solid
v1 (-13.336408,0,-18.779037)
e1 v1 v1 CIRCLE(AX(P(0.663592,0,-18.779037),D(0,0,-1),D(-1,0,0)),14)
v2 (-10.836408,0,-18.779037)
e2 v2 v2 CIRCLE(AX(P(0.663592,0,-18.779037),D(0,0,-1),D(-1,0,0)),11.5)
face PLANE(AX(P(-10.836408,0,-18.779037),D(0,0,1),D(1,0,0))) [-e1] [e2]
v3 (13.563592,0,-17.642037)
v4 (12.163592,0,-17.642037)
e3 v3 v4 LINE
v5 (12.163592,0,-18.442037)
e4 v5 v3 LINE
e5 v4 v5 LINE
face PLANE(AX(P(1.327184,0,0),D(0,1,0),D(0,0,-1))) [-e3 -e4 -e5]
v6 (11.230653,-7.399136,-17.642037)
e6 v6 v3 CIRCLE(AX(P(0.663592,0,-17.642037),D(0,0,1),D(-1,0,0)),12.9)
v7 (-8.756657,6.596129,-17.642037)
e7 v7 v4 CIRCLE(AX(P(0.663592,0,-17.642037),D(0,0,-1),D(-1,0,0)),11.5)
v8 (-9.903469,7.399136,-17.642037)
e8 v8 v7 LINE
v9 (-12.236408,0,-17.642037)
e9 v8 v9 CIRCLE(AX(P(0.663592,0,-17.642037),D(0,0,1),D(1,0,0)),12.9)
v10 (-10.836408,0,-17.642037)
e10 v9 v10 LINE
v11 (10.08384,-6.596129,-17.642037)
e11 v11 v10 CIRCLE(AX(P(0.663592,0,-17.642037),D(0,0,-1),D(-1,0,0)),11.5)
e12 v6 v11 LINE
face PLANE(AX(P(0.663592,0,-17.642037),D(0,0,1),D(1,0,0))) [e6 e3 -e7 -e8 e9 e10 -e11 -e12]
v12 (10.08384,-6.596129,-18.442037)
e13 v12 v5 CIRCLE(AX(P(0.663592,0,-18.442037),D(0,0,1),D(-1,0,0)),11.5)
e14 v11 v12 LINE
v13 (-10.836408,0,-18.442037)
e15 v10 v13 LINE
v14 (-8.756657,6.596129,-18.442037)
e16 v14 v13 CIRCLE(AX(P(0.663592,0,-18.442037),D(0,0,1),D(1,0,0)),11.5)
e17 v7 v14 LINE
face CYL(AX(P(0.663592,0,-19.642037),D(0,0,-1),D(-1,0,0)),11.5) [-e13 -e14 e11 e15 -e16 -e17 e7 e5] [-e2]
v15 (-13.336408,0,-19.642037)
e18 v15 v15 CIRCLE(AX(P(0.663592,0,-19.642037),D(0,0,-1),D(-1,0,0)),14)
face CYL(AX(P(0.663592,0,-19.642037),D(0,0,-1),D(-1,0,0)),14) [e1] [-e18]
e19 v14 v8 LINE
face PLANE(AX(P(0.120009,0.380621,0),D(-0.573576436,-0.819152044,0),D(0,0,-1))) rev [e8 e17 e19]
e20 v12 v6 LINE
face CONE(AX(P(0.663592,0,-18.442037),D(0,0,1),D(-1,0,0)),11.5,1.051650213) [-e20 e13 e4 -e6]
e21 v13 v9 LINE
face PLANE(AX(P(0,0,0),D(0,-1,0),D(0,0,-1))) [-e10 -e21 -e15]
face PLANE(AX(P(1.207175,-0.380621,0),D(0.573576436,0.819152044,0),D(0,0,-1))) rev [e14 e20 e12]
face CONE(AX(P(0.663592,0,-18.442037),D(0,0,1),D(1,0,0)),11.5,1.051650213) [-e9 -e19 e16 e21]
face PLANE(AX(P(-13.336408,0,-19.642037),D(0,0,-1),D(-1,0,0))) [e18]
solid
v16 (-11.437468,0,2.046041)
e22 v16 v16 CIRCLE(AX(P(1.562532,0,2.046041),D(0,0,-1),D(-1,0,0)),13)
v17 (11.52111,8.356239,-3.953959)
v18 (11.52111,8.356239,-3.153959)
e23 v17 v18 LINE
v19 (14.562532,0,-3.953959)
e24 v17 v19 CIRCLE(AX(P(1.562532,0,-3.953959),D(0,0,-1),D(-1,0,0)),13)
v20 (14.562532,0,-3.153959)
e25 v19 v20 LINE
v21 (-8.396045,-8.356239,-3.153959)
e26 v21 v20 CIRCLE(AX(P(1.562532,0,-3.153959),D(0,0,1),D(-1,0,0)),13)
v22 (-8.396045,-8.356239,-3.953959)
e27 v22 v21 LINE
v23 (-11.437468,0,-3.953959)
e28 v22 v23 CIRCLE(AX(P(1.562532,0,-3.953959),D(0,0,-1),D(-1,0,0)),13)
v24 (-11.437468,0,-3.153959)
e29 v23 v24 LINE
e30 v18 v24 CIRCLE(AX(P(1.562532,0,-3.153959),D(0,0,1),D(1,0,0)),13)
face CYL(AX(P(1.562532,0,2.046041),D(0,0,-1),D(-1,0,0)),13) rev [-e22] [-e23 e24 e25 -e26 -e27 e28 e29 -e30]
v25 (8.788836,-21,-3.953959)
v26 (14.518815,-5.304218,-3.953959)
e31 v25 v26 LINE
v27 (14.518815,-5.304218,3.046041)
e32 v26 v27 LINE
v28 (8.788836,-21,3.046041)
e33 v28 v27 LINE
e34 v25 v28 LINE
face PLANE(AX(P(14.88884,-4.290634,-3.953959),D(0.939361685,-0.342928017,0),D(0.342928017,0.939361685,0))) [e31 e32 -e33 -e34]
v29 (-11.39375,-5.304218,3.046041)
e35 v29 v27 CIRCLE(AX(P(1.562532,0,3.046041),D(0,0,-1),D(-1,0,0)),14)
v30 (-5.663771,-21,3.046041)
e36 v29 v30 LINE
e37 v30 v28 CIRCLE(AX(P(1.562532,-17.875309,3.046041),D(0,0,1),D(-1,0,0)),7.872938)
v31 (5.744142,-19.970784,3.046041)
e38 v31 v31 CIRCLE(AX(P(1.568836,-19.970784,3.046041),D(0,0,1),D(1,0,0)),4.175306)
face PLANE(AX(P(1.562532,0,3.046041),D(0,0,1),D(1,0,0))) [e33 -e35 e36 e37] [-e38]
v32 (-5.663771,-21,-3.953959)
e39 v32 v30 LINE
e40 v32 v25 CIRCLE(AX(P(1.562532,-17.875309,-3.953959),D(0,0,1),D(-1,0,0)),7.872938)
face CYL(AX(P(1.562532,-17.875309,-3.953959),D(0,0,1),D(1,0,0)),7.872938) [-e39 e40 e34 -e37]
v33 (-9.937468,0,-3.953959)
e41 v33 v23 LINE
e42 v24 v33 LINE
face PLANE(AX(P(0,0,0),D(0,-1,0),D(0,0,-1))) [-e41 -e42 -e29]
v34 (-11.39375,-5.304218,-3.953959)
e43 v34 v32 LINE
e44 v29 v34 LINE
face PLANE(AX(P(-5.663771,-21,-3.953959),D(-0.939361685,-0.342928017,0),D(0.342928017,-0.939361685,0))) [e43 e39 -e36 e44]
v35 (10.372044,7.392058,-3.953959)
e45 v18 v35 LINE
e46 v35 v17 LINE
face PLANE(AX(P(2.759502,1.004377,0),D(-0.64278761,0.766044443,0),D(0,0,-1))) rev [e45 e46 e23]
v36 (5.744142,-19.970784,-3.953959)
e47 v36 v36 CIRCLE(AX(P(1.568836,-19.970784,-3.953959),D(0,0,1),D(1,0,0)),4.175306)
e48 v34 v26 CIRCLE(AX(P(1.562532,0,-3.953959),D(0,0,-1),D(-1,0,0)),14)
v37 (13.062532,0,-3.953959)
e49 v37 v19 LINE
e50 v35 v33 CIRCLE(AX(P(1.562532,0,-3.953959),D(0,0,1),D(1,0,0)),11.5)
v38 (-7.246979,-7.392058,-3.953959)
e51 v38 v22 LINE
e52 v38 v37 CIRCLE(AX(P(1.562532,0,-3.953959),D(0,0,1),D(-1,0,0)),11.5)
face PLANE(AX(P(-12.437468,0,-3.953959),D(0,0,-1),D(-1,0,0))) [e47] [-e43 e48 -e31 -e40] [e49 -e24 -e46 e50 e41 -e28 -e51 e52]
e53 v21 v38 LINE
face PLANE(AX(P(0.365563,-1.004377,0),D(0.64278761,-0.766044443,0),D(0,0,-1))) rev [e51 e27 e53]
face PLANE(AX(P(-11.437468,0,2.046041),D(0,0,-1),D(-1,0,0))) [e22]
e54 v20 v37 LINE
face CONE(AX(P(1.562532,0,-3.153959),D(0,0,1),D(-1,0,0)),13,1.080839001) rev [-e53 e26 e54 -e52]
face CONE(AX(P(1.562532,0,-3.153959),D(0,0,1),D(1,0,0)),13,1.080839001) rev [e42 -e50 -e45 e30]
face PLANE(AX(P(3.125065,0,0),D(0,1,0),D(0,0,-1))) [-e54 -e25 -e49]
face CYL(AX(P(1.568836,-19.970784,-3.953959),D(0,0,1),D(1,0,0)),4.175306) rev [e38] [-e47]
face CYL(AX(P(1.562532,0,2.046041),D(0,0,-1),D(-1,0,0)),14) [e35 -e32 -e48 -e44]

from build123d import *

# Parameters (mm, degrees)
BOSS_EXTRU_4_DEPTH           = 7
ESQUISSE11_R                 = 4.175305872
ENL_V_MAT_EXTRU_2_DEPTH      = 7
R_VOLUTION3_ANGLE            = 35
R_P_TITION_CIRCULAIRE1_COUNT = 2
R_VOLUTION4_ANGLE            = 140
R_P_TITION_CIRCULAIRE2_COUNT = 2


with BuildPart() as part:
    # Esquisse1 → Révolution1 (revolve)
    with BuildSketch(Plane(origin=(1.309044262, 0, 0), x_dir=(1, 0, 0), z_dir=(0, 1, 0))):
        Polygon((0.253488225, -3.046040946), (-13.746511775, -3.046040946), (-13.746511775, 3.953959054), (-12.746511775, 3.953959054), (-12.746511775, 3.442939457), (-12.746511775, 2.953959054), (-12.746511775, -2.046040946), (0.253488225, -2.046040946), align=None)
    revolve(axis=Axis((1.562532487, 0, 2.046040946), (0, 0, 1)))

    # Esquisse10 → Boss.-Extru.4 (add)
    with BuildSketch(Plane.XY.offset(3.046040946)):
        with BuildLine():
            Line((14.88883966, -4.290633652), (8.788835843, -21))
            ThreePointArc((8.788835843, -21), (1.562532487, -25.748246952), (-5.663770869, -21))
            Line((-5.663770869, -21), (-11.763774686, -4.290633652))
            ThreePointArc((-11.763774686, -4.290633652), (1.562532487, -13.260227708), (14.88883966, -4.290633652))
        make_face()
    extrude(amount=-BOSS_EXTRU_4_DEPTH)

    # Esquisse11 → Enlèv. mat.-Extru.2 (cut)
    with BuildSketch(Plane.XY.offset(3.046040946)):
        with Locations((1.568835843, -19.970784203)):
            Circle(ESQUISSE11_R)
    extrude(amount=-ENL_V_MAT_EXTRU_2_DEPTH, mode=Mode.SUBTRACT)

    # Esquisse14 → Révolution4 (revolve)
    with BuildSketch(Plane(origin=(0, 0, 0), x_dir=(1, 0, 0), z_dir=(0, 1, 0))):
        Polygon((-11.437467513, 3.953959054), (-9.937467513, 3.953959054), (-11.437467513, 3.153959054), align=None)
    r_volution4 = revolve(axis=Axis((1.562532487, 0, 2.046040946), (0, 0, -1)), revolution_arc=R_VOLUTION4_ANGLE)

    # Répétition circulaire2: Révolution4 ×2 about axis
    r_p_tition_circulaire2_axis = Axis((1.562532487, 0, 0), (0, 0, 1))
    for i in range(1, R_P_TITION_CIRCULAIRE2_COUNT):
        add(r_volution4.rotate(r_p_tition_circulaire2_axis, i * 360 / R_P_TITION_CIRCULAIRE2_COUNT))


with BuildPart() as body_2:
    # Esquisse2 → Révolution2 (revolve)
    with BuildSketch(Plane(origin=(0, 0, -11.80070304), x_dir=(1, 0, 0), z_dir=(0, 1, 0))):
        Polygon((0.663591956, 5.841333496), (-10.836408044, 5.841333496), (-10.836408044, 6.365484161), (-10.836408044, 6.97833407), (-13.336408044, 6.97833407), (-13.336408044, 7.841333496), (0.663591956, 7.841333496), align=None)
    revolve(axis=Axis((0.663591956, 0, -19.642036537), (0, 0, 1)))

    # Esquisse13 → Révolution3 (revolve)
    with BuildSketch(Plane(origin=(0, 0, 0), x_dir=(1, 0, 0), z_dir=(0, 1, 0))):
        Polygon((-10.836408044, 17.642036537), (-12.236408044, 17.642036537), (-10.836408044, 18.442036537), align=None)
    r_volution3 = revolve(axis=Axis((0.663591956, 0, -17.642036537), (0, 0, -1)), revolution_arc=R_VOLUTION3_ANGLE)

    # Répétition circulaire1: Révolution3 ×2 about axis
    r_p_tition_circulaire1_axis = Axis((0.663591956, 0, 0), (0, 0, 1))
    for i in range(1, R_P_TITION_CIRCULAIRE1_COUNT):
        add(r_volution3.rotate(r_p_tition_circulaire1_axis, i * 360 / R_P_TITION_CIRCULAIRE1_COUNT))


solid = Compound([part.part, body_2.part])
